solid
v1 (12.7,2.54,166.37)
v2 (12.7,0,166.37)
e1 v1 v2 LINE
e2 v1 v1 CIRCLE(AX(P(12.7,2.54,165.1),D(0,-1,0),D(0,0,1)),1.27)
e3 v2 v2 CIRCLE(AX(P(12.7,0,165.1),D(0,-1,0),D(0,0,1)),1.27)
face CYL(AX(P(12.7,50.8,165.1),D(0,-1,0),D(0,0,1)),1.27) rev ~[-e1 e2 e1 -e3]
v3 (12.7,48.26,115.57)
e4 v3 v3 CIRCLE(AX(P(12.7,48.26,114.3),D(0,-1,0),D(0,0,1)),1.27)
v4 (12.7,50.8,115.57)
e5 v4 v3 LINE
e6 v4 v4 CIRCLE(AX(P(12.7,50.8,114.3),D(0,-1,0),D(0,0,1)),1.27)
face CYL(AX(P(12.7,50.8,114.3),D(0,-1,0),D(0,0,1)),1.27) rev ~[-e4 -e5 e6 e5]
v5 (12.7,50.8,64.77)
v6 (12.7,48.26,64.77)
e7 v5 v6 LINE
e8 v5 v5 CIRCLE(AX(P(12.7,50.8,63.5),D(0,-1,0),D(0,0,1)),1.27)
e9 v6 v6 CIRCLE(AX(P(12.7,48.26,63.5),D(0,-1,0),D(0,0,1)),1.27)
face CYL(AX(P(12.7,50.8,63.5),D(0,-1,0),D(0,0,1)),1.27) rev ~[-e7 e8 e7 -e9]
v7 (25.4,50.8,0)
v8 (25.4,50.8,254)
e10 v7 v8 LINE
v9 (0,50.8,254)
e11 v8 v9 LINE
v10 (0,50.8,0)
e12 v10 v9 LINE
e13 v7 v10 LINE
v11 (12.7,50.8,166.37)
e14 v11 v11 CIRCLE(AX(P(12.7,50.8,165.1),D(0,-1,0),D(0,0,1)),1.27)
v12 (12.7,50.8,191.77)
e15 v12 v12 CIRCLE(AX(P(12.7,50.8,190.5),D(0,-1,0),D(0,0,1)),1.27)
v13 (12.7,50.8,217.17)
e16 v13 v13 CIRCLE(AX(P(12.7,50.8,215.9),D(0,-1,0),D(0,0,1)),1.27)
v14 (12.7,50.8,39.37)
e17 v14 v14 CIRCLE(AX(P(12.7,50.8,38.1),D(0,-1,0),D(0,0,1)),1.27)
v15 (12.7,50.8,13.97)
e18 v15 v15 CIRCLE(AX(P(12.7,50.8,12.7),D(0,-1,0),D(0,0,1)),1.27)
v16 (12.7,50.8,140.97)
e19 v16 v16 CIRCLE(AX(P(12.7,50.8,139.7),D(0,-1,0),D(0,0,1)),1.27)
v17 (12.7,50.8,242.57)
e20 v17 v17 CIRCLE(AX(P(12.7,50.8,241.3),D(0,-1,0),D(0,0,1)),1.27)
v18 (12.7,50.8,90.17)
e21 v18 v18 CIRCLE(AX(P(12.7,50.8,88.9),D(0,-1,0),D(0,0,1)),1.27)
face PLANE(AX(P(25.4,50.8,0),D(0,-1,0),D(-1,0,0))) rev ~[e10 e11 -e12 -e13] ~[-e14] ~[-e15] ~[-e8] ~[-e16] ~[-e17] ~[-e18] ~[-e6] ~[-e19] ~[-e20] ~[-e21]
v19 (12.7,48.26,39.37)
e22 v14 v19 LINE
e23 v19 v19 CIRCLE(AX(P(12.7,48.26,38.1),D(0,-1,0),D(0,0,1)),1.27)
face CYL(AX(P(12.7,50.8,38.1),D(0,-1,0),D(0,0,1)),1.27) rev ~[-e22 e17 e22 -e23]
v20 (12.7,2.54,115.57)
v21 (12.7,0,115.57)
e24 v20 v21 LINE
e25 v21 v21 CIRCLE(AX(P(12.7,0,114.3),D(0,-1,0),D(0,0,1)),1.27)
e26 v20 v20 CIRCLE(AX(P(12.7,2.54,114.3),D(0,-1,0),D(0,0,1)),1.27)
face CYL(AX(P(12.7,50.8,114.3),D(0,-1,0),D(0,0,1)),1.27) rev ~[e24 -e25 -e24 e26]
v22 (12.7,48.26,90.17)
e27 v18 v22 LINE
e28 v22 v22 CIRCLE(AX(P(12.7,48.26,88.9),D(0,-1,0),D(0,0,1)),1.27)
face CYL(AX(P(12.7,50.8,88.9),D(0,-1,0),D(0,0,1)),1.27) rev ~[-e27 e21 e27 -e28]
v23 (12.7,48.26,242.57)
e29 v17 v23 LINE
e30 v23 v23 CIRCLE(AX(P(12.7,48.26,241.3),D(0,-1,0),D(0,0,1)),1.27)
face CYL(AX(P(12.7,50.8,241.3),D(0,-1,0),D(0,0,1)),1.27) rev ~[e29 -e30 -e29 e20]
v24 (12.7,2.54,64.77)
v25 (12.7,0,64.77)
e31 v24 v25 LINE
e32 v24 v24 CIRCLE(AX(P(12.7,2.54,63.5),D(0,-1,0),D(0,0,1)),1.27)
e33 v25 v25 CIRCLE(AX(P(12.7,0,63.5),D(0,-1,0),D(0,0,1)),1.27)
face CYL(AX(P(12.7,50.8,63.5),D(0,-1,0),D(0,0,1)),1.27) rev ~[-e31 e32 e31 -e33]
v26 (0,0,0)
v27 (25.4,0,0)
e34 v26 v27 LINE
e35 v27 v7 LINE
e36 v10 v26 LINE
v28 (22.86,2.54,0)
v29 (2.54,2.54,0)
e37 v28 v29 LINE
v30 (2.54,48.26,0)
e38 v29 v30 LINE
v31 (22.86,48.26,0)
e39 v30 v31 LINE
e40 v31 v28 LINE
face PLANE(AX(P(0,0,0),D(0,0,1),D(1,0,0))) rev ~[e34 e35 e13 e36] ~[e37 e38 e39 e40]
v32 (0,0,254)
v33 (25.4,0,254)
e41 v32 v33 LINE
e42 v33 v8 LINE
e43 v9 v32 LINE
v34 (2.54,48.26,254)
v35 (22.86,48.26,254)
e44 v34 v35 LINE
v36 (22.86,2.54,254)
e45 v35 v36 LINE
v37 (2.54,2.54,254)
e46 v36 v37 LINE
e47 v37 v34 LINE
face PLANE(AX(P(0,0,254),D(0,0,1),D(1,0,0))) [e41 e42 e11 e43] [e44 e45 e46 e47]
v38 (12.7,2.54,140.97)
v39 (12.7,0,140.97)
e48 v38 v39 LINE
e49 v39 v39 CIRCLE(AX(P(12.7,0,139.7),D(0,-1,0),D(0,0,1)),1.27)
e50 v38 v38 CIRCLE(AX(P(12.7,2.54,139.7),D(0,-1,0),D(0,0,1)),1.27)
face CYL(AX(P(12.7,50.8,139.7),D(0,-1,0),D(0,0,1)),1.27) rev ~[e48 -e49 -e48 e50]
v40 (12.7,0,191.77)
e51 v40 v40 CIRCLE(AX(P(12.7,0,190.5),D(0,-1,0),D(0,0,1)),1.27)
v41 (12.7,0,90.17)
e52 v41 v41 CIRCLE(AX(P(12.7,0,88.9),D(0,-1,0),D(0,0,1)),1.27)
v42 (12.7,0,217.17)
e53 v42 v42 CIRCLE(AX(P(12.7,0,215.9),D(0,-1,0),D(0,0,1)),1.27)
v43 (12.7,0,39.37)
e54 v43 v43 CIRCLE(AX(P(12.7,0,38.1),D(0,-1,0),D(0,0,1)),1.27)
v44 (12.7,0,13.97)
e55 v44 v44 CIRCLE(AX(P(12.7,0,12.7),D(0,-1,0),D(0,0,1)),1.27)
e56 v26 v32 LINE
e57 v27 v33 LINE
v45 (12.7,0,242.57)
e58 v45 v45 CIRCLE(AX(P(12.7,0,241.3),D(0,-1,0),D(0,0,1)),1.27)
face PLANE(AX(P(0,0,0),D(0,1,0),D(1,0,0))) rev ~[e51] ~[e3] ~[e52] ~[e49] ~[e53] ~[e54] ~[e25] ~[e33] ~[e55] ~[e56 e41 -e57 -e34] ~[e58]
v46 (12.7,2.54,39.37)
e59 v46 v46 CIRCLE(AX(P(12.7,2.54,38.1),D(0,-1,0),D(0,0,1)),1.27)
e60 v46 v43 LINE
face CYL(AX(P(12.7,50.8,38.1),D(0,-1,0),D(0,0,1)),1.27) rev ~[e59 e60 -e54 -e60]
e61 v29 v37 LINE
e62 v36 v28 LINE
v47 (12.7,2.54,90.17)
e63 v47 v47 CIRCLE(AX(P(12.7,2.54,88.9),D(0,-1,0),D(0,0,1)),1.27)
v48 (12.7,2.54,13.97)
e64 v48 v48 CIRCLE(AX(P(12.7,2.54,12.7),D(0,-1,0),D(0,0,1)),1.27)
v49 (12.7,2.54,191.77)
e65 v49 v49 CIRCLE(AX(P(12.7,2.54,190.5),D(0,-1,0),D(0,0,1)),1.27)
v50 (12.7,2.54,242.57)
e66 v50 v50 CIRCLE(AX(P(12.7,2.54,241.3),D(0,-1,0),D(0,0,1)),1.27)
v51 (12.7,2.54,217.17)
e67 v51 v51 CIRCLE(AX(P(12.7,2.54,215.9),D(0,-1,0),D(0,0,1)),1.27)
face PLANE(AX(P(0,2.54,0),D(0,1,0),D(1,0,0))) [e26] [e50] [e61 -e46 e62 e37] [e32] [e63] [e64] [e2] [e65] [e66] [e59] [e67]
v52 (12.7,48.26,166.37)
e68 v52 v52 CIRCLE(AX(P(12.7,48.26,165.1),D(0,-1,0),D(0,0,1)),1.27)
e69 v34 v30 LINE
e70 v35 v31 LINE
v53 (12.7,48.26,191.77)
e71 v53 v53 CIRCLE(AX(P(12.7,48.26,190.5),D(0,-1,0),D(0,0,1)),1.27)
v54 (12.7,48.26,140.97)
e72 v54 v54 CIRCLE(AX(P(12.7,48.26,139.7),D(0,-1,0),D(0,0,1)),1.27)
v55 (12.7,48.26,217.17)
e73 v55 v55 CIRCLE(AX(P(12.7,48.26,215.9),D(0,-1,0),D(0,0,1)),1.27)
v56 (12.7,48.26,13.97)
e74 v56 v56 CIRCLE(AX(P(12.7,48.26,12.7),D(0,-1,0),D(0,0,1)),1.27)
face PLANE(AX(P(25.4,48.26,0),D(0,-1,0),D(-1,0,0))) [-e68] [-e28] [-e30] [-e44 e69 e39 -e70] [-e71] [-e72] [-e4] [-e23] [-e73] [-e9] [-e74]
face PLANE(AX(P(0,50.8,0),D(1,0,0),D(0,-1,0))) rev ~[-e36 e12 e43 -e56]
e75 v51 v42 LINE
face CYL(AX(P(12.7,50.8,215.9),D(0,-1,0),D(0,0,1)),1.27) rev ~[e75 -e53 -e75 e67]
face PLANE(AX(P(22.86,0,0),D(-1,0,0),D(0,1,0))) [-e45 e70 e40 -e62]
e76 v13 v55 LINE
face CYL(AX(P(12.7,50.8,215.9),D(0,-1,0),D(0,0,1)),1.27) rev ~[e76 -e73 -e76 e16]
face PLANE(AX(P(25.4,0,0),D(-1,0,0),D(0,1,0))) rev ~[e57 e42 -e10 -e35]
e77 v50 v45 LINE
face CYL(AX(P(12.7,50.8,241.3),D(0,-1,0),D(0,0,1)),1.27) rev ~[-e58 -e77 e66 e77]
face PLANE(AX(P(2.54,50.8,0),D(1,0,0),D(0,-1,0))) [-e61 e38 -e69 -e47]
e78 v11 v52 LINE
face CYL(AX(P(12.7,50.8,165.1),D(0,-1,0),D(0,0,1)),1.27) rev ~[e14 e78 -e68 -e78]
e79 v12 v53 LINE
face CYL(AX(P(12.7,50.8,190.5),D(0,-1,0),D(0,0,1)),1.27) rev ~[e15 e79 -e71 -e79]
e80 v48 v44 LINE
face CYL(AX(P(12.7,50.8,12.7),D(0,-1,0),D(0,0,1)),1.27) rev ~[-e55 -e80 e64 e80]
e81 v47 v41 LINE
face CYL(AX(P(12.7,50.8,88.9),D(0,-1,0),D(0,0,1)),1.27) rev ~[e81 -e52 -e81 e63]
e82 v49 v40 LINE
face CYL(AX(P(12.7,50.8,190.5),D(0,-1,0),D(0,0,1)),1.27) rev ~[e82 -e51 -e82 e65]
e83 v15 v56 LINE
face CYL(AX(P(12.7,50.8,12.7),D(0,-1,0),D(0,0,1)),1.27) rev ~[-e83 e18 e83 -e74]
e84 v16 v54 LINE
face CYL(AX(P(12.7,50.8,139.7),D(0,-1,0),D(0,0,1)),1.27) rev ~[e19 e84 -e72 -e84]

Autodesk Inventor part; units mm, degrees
ref_plane "YZ Plane" through (0, 0, 0) normal (1, 0, 0) x (0, 1, 0)
ref_plane "XZ Plane" through (0, 0, 0) normal (0, 1, 0) x (-1, 0, 0)
ref_plane "XY Plane" through (0, 0, 0) normal (0, 0, 1) x (1, 0, 0)
sketch "Sketch1" plane through (0, 0, 0) normal (0, 0, 1) x (1, 0, 0)
  line L0 (0, 0) -> (25.4, 0)
  line L1 (25.4, 0) -> (25.4, 50.8)
  line L2 (25.4, 50.8) -> (0, 50.8)
  line L3 (0, 50.8) -> (0, 0)
  dimension "d0" = 25.4
  dimension "d1" = 50.8
extrude "Extrusion1" add sketch "Sketch1" along normal blind 254
shell "Shell1" thickness 2.54 removed faces 2 at (8.4667, 33.8667, 0) at (8.4667, 33.8667, 254)
sketch "Sketch2" plane through (0, 50.8, 0) normal (0, 1, 0) x (1, 0, 0)
  line L0 (25.4, 0) -> (0, 0) projected
  line L1 (0, 0) -> (0, -254) projected
  point P0 (12.7, -12.7)
  point P1 (12.7, -38.1)
  point P2 (12.7, -63.5)
  point P3 (12.7, -88.9)
  point P4 (12.7, -114.3)
  point P5 (12.7, -139.7)
  point P6 (12.7, -165.1)
  point P7 (12.7, -190.5)
  point P8 (12.7, -215.9)
  point P9 (12.7, -241.3)
  point P10 (12.7, -266.7)
  point P11 (12.7, -292.1)
  point P12 (12.7, -317.5)
  point P13 (12.7, -342.9)
  point P14 (12.7, -368.3)
  point P15 (12.7, -393.7)
  point P16 (12.7, -419.1)
  point P17 (12.7, -444.5)
  point P18 (12.7, -469.9)
  point P19 (12.7, -495.3)
  point P20 (12.7, -520.7)
  point P21 (12.7, -546.1)
  point P22 (12.7, -571.5)
  point P23 (12.7, -596.9)
  point P24 (12.7, -622.3)
  point P25 (12.7, -647.7)
  point P26 (12.7, -673.1)
  point P27 (12.7, -698.5)
  point P28 (12.7, -723.9)
  point P29 (12.7, -749.3)
  point P30 (12.7, -774.7)
  point P31 (12.7, -800.1)
  point P32 (12.7, -825.5)
  point P33 (12.7, -850.9)
  point P34 (12.7, -876.3)
  point P35 (12.7, -901.7)
  point P36 (12.7, -927.1)
  dimension "d5" = 12.7
  dimension "d6" = 12.7
  dimension "d9" = 25.4
hole "Hole1" at (12.7, 50.8, 12.7) at (12.7, 50.8, 38.1) at (12.7, 50.8, 63.5) at (12.7, 50.8, 88.9) at (12.7, 50.8, 114.3) at (12.7, 50.8, 139.7) at (12.7, 50.8, 165.1) at (12.7, 50.8, 190.5) at (12.7, 50.8, 215.9) at (12.7, 50.8, 241.3) at (12.7, 50.8, 266.7) at (12.7, 50.8, 292.1) at (12.7, 50.8, 317.5) at (12.7, 50.8, 342.9) at (12.7, 50.8, 368.3) at (12.7, 50.8, 393.7) at (12.7, 50.8, 419.1) at (12.7, 50.8, 444.5) at (12.7, 50.8, 469.9) at (12.7, 50.8, 495.3) at (12.7, 50.8, 520.7) at (12.7, 50.8, 546.1) at (12.7, 50.8, 571.5) at (12.7, 50.8, 596.9) at (12.7, 50.8, 622.3) at (12.7, 50.8, 647.7) at (12.7, 50.8, 673.1) at (12.7, 50.8, 698.5) at (12.7, 50.8, 723.9) at (12.7, 50.8, 749.3) at (12.7, 50.8, 774.7) at (12.7, 50.8, 800.1) at (12.7, 50.8, 825.5) at (12.7, 50.8, 850.9) at (12.7, 50.8, 876.3) at (12.7, 50.8, 901.7) direction (0, -1, 0) diameter 2.54 depth 50.8 tip angle 118
properties part number "Support Pivs cross 2522" material "Aluminum 6061"
